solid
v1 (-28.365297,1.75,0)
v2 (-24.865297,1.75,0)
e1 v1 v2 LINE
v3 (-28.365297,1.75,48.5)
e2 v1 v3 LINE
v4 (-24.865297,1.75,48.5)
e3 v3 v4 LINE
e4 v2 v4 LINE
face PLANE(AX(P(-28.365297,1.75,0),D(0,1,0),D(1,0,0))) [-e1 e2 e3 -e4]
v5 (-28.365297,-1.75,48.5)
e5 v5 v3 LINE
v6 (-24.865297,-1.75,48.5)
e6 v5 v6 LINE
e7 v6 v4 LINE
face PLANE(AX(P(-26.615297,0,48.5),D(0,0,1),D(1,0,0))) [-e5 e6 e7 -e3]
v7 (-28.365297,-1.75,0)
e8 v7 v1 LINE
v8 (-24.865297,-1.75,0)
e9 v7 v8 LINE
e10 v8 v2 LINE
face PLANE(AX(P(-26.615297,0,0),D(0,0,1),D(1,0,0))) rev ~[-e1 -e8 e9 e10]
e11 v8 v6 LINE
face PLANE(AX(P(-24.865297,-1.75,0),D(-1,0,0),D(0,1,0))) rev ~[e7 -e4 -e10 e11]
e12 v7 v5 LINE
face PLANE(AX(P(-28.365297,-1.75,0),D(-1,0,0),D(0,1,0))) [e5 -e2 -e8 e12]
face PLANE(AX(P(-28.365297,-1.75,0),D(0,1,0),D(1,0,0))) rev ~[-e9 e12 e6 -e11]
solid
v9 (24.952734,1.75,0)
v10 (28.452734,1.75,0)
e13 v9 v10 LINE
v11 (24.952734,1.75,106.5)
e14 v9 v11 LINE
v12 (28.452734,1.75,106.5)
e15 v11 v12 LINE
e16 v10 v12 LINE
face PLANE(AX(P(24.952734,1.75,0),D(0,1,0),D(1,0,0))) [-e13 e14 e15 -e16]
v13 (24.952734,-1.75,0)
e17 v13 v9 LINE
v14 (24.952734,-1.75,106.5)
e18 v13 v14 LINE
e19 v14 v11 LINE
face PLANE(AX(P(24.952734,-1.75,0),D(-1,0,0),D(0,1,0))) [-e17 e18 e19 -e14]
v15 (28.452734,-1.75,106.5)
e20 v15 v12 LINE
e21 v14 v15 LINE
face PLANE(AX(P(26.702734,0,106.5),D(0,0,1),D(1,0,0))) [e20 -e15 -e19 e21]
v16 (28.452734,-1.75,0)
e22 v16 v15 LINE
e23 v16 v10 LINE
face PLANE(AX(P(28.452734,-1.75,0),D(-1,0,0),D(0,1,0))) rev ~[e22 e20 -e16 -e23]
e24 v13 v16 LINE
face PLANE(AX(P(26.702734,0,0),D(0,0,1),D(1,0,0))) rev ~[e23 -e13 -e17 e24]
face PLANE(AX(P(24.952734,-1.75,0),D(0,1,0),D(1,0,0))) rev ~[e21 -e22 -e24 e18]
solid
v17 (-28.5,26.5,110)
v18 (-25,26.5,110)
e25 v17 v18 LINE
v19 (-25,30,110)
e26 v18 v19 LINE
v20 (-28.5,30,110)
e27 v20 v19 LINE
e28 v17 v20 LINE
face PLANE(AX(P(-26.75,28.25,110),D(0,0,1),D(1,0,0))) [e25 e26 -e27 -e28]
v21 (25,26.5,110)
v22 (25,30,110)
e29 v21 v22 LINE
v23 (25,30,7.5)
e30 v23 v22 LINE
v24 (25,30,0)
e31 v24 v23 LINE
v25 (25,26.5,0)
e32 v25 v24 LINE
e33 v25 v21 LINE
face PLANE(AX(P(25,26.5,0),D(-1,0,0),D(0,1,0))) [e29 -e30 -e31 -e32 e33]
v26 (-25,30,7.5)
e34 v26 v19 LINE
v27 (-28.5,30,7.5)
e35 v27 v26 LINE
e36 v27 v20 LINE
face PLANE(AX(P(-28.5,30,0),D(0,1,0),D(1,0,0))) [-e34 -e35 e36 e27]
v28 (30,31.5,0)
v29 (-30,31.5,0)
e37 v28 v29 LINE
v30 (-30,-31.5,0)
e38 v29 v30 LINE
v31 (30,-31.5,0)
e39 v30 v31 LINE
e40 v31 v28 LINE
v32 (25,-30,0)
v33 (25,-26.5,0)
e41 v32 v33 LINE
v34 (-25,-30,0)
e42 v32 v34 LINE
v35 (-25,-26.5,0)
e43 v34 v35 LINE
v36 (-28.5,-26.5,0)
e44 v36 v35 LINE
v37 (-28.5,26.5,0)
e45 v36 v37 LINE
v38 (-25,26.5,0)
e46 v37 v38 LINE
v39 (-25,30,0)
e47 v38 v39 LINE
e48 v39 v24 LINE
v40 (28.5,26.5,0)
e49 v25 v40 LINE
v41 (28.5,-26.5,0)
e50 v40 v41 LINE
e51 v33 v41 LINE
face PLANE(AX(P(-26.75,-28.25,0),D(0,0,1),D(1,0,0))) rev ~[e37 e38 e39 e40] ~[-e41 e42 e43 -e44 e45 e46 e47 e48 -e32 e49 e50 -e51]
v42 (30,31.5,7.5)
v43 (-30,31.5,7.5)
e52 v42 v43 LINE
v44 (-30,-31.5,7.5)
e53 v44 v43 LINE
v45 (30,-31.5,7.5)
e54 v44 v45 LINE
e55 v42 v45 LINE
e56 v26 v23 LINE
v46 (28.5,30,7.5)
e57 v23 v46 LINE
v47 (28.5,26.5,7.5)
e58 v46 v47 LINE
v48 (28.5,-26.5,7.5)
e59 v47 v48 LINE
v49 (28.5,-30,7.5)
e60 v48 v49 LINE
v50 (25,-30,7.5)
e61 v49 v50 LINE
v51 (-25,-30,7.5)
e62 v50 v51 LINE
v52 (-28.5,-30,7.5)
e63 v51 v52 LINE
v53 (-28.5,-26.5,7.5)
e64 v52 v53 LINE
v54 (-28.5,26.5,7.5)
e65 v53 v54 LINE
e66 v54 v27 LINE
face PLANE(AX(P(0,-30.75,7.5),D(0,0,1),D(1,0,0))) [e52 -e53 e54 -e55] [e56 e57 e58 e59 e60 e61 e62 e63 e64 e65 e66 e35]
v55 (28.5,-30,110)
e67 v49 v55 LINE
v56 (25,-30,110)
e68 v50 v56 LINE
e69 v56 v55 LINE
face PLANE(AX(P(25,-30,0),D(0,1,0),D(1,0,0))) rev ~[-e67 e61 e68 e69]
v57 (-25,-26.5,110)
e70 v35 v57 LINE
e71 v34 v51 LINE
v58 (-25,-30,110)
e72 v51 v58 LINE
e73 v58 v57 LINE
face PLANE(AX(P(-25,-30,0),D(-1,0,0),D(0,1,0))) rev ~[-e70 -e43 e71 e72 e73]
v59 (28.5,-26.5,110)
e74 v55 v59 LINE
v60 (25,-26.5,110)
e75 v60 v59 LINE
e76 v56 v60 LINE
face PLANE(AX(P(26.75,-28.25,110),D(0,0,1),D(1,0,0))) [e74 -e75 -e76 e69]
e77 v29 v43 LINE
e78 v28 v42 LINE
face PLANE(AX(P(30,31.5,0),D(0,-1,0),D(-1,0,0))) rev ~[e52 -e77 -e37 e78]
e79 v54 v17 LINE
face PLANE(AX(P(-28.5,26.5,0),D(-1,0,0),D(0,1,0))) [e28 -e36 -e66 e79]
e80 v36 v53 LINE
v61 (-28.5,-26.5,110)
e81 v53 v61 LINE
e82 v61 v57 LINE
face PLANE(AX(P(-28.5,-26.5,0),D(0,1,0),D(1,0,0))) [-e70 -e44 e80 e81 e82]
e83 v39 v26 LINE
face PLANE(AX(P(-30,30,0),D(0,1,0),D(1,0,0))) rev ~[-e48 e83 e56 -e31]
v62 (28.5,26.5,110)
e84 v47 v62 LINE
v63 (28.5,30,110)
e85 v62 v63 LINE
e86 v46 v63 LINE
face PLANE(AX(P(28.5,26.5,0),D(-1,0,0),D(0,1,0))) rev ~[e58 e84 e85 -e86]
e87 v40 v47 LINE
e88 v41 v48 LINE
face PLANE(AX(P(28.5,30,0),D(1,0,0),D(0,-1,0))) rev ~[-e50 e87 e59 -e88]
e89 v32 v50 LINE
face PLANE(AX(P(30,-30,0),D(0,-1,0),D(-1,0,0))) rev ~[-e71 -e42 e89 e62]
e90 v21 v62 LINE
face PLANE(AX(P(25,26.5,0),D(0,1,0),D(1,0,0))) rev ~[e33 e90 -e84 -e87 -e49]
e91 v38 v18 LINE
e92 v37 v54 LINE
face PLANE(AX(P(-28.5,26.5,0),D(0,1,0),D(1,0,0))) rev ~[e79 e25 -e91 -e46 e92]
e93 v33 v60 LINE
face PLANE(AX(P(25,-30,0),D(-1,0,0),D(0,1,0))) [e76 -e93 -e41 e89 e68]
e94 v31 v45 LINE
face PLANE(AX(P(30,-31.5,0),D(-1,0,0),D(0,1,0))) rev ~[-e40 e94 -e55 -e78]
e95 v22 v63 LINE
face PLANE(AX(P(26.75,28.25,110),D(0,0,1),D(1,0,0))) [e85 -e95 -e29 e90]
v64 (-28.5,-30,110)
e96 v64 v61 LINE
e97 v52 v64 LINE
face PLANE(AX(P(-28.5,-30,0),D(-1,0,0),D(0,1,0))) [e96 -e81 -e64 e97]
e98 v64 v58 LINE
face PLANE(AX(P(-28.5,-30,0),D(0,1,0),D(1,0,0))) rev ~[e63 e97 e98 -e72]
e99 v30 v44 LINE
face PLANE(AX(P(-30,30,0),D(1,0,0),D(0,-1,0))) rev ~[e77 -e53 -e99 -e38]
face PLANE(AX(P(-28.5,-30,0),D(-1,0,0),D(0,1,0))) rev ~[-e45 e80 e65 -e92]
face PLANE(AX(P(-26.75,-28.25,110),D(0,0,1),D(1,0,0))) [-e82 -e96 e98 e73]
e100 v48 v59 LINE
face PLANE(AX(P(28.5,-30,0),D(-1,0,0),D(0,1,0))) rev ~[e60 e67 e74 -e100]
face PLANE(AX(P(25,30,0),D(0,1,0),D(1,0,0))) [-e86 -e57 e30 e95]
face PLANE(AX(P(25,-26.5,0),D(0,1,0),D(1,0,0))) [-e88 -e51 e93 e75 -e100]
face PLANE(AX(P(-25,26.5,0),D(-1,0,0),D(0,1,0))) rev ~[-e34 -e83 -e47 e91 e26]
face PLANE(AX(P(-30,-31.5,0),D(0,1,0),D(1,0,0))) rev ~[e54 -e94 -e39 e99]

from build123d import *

# Parameters (mm, degrees)
F1_DEPTH = 7.5
F2_DEPTH = 7.5
F3_DEPTH = 7.5
F0_W     = 3.5
F0_H     = 3.5
F4_DEPTH = 110
F5_DEPTH = 110
F6_DEPTH = 48.5
F7_DEPTH = 106.5


with BuildPart() as f1:
    # F0 (on Top) → F1 (new body)
    with BuildSketch(Plane.XY):
        Polygon((28.5, -30), (30, -30), (30, 30), (28.5, 30), (28.5, 26.5), (28.5, -26.5), align=None)
    extrude(amount=F1_DEPTH)

    # F0 (on Top) → F2 (join)
    with BuildSketch(Plane.XY):
        Polygon((28.5, 30), (30, 30), (30, 31.5), (-30, 31.5), (-30, 30), (-28.5, 30), (-25, 30), (25, 30), align=None)
    extrude(amount=F2_DEPTH)

    # F0 (on Top) → F3 (join)
    with BuildSketch(Plane.XY):
        Polygon((-30, -31.5), (30, -31.5), (30, -30), (28.5, -30), (25, -30), (-25, -30), (-28.5, -30), (-30, -30), align=None)
        Polygon((-30, 30), (-30, -30), (-28.5, -30), (-28.5, -26.5), (-28.5, 26.5), (-28.5, 30), align=None)
    extrude(amount=F3_DEPTH)

    # F0 (on Top) → F4 (join)
    with BuildSketch(Plane.XY):
        with Locations((-26.75, 28.25)):
            Rectangle(F0_W, F0_H)
    extrude(amount=F4_DEPTH)

    # F0 (on Top) → F5 (join)
    with BuildSketch(Plane.XY):
        with Locations((-26.75, -28.25)):
            Rectangle(F0_W, F0_H)
        with Locations((26.75, -28.25)):
            Rectangle(F0_W, F0_H)
        with Locations((26.75, 28.25)):
            Rectangle(F0_W, F0_H)
    extrude(amount=F5_DEPTH)


with BuildPart() as f6:
    # F0 (on Top) → F6 (new body)
    with BuildSketch(Plane.XY):
        with Locations((-26.6152974218, 0)):
            Rectangle(F0_W, F0_H)
    extrude(amount=F6_DEPTH)


with BuildPart() as f7:
    # F0 (on Top) → F7 (new body)
    with BuildSketch(Plane.XY):
        with Locations((26.7027337104, 0)):
            Rectangle(F0_W, F0_H)
    extrude(amount=F7_DEPTH)


solid = Compound([f1.part, f6.part, f7.part])
